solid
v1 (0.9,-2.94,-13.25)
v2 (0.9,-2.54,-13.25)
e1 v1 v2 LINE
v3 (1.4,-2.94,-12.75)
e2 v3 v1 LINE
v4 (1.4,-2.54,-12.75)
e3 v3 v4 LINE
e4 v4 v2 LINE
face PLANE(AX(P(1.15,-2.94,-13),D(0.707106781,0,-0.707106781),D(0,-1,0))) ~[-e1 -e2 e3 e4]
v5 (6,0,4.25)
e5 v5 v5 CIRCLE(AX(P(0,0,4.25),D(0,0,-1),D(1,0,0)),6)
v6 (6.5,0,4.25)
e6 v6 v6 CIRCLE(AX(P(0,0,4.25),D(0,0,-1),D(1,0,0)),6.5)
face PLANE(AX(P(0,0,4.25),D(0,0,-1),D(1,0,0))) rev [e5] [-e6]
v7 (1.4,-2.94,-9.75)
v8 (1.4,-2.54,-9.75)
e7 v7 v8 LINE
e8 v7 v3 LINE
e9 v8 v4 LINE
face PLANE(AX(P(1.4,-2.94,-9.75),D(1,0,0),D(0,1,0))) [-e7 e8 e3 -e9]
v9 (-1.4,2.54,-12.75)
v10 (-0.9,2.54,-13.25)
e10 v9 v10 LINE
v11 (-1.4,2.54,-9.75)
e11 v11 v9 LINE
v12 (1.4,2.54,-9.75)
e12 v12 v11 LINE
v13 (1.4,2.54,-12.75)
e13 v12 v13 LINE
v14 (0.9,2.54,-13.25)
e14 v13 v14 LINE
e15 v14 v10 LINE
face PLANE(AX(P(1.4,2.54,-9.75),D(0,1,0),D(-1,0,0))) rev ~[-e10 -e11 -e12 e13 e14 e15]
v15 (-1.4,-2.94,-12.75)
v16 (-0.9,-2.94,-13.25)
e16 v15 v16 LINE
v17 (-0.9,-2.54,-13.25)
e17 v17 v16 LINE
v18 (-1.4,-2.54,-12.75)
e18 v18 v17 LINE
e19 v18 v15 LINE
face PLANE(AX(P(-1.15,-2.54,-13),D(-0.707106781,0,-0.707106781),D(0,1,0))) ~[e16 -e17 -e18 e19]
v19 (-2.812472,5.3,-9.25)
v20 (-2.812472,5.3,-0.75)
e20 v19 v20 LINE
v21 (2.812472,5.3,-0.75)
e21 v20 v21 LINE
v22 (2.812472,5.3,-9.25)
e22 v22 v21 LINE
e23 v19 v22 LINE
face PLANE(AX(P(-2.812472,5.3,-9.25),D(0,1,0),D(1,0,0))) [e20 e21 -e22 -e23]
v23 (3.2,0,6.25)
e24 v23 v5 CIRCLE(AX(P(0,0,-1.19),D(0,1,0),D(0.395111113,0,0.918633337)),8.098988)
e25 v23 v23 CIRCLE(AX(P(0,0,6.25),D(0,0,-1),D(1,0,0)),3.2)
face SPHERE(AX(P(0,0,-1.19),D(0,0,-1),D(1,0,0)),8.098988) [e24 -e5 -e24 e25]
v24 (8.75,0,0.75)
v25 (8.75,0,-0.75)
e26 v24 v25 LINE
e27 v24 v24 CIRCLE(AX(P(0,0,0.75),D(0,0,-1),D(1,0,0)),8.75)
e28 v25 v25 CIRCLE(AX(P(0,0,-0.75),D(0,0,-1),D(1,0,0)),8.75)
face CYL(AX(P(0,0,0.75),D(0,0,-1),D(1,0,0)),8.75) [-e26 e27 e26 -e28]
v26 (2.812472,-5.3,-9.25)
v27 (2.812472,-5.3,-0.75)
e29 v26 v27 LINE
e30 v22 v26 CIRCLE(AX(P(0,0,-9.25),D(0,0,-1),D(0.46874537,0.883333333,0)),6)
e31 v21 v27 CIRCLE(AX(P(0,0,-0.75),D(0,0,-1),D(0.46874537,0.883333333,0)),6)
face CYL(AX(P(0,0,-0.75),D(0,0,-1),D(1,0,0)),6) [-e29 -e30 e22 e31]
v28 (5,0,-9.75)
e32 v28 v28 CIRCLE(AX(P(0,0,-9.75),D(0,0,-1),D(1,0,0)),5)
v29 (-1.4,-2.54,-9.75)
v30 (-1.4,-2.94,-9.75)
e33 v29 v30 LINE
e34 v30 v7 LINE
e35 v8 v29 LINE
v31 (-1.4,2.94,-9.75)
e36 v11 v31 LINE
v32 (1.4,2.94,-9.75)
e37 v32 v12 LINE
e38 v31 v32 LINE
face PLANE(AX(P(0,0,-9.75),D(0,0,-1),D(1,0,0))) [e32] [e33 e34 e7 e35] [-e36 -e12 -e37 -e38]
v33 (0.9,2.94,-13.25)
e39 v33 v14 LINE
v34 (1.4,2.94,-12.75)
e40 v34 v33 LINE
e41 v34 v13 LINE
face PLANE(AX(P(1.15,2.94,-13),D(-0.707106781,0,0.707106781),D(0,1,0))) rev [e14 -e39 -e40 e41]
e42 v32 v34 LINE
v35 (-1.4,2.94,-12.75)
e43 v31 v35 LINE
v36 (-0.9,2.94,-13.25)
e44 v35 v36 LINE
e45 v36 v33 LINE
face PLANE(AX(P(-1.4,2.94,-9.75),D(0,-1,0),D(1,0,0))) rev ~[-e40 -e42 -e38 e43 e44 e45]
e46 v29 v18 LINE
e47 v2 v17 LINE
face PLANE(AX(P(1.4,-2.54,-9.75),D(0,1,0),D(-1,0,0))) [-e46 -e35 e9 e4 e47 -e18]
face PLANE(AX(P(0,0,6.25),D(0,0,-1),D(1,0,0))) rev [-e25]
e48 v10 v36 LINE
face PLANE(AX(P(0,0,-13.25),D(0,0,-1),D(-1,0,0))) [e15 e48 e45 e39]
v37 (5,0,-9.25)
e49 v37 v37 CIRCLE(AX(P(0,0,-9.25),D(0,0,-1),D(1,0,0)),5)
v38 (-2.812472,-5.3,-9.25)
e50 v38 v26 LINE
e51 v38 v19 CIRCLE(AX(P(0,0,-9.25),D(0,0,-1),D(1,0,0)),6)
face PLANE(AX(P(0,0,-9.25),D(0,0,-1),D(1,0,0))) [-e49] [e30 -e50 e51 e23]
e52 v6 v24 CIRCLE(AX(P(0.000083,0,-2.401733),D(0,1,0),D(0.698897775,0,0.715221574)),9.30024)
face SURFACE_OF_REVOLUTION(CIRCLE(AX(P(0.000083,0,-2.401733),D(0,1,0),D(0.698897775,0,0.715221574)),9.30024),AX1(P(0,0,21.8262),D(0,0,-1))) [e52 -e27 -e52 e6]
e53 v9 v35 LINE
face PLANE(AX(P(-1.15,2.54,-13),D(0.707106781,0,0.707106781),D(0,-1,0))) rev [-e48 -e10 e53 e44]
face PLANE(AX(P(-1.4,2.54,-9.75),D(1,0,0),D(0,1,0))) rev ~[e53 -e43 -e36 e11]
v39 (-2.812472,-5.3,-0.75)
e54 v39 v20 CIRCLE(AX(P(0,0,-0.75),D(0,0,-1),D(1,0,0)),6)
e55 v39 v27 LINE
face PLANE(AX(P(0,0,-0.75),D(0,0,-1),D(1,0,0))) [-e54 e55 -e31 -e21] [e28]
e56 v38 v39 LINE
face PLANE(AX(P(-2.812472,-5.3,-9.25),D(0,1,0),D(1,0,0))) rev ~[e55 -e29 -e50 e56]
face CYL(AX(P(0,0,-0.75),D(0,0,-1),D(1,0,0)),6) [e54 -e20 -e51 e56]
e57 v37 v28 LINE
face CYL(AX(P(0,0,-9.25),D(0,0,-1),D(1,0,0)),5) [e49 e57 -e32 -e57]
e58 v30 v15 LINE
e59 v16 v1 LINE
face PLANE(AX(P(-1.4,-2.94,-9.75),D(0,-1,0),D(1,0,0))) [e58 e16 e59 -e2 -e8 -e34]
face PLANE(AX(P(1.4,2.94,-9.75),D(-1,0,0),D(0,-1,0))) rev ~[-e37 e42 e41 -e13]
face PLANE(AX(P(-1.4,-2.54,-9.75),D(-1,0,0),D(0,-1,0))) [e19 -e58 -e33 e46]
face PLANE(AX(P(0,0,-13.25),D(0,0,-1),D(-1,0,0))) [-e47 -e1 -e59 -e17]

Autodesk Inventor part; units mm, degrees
ref_plane "YZ Plane" through (0, 0, 0) normal (1, 0, 0) x (0, 1, 0)
ref_plane "XZ Plane" through (0, 0, 0) normal (0, 1, 0) x (-1, 0, 0)
ref_plane "XY Plane" through (0, 0, 0) normal (0, 0, 1) x (1, 0, 0)
sketch "Sketch1" plane through (0, 0, 0) normal (0, 1, 0) x (-1, 0, 0)
  line L0 (-8.75, -0.75) -> (8.75, -0.75)
  line L1 (8.75, -0.75) -> (8.75, 0.75)
  line L2 (8.75, 0.75) -> (-8.75, 0.75)
  line L3 (-8.75, 0.75) -> (-8.75, -0.75)
  line L4 (-8.75, -0.75) -> (8.75, 0.75) construction
  line L5 (8.75, -0.75) -> (-8.75, 0.75) construction
  line L6 (6.5, 4.25) -> (-6.5, 4.25)
  line L7 (0, 21.8262) -> (0, -10.0956)
  arc A0 (-6.5, 4.25) -> (-8.75, 0.75) centre (0, -2.4018) ccw
  arc A1 (8.75, 0.75) -> (6.5, 4.25) centre (0, -2.4018) ccw
  line L8 (3.2, 6.25) -> (-3.2, 6.25)
  line L9 (6, 4.25) -> (-6, 4.25)
  arc A2 (6, 4.25) -> (3.2, 6.25) centre (0, -1.19) ccw
  arc A3 (7.8812, 0.6755) -> (7.8632, 0.75) centre (0, -1.19) ccw
  arc A4 (8.087, -0.75) -> (8.0837, -0.6929) centre (0, -1.19) ccw
  arc A5 (-8.0837, -0.6929) -> (-8.087, -0.75) centre (0, -1.19) ccw
  arc A6 (-3.2, 6.25) -> (-6, 4.25) centre (0, -1.19) ccw
  arc A7 (-7.8632, 0.75) -> (-7.8812, 0.6755) centre (0, -1.19) ccw
  line L10 (-6, -9.25) -> (6, -9.25)
  line L11 (6, -9.25) -> (6, -0.75)
  line L12 (6, -0.75) -> (-6, -0.75)
  line L13 (-6, -0.75) -> (-6, -9.25)
  line L14 (-6, -9.25) -> (6, -0.75) construction
  line L15 (6, -9.25) -> (-6, -0.75) construction
  line L16 (-5, -9.75) -> (5, -9.75)
  line L17 (5, -9.75) -> (5, -9.25)
  line L18 (5, -9.25) -> (-5, -9.25)
  line L19 (-5, -9.25) -> (-5, -9.75)
  line L20 (-5, -9.75) -> (5, -9.25) construction
  line L21 (5, -9.75) -> (-5, -9.25) construction
  point P0 (0, 0)
  point P1 (0, 4.25)
  point P2 (0, 0)
  point P3 (0, 6.25)
  point P4 (0, 4.25)
  point P5 (0, -5)
  point P6 (0, -9.5)
  point P7 (0, -9.75)
  dimension "d0" = 17.5
  dimension "d1" = 1.5
  dimension "d2" = 13
  dimension "d3" = 5
  dimension "d4" = 2
  dimension "d5" = 6.4
  dimension "d6" = 12
  dimension "d7" = 12
  dimension "d8" = 8.5
  dimension "d9" = 10
  dimension "d10" = 0.5
revolve "Revolution1" add sketch "Sketch1" angle 360 about axis through (0, 0, 21.8262) along (0, 0, -1) contours L3 L2 L7 L0 | A0 L6 L7 L2 | L0 L7 L10 L13 | A6 L8 L7 L6 | L7 L16 L19 L10
sketch "Sketch2" plane through (0, 0, -9.75) normal (0, 0, -1) x (-1, 0, 0)
  line L0 (0, -14.0708) -> (0, 14.0708) construction
  line L1 (1.4, -2.94) -> (-1.4, -2.94)
  line L2 (-1.4, -2.94) -> (-1.4, -2.54)
  line L3 (-1.4, -2.54) -> (1.4, -2.54)
  line L4 (1.4, -2.54) -> (1.4, -2.94)
  line L5 (1.4, -2.94) -> (-1.4, -2.54) construction
  line L6 (-1.4, -2.94) -> (1.4, -2.54) construction
  line L7 (1.4, 2.94) -> (-1.4, 2.94)
  line L8 (-1.4, 2.94) -> (-1.4, 2.54)
  line L9 (-1.4, 2.54) -> (1.4, 2.54)
  line L10 (1.4, 2.54) -> (1.4, 2.94)
  line L11 (1.4, 2.94) -> (-1.4, 2.54) construction
  line L12 (-1.4, 2.94) -> (1.4, 2.54) construction
  point P0 (0, 0)
  point P1 (0, 0)
  point P2 (0, -2.74)
  point P3 (0, 2.74)
  dimension "d12" = 2.8
  dimension "d13" = 0.4
  dimension "d14" = 2.8
  dimension "d15" = 0.4
  dimension "d16" = 5.08
  dimension "d17" = 2.54
extrude "Extrusion1" add sketch "Sketch2" along normal blind 3.5
chamfer "Chamfer1" distance 0.5 angle 45 4 edges at (1.4, -2.74, -13.25) (-1.4, -2.74, -13.25) (1.4, 2.74, -13.25) (-1.4, 2.74, -13.25)
thread "Thread1" size "M12x0.75" class "6g" standard "ANSI Metric M Profile" length 12.5
sketch "Sketch3" plane through (0, 0, -9.25) normal (0, 0, -1) x (-1, 0, 0)
  line L0 (12.7626, -5.3) -> (-12.9759, -5.3)
  line L1 (12.7626, 5.3) -> (-13.4328, 5.3)
  line L2 (14.0115, 0) -> (-13.4328, 0) construction
  circle A0 centre (0, 0) radius 6 construction
  circle A1 centre (0, 0) radius 6
  point P0 (0, 0)
  point P1 (-2.8125, 5.3)
  point P2 (2.8125, 5.3)
  point P3 (-2.8125, -5.3)
  point P4 (2.8125, -5.3)
  dimension "d25" = 10.6
extrude "Extrusion2" cut sketch "Sketch3" against normal up to surface (8.5 mm away) contours A1 L0 | A1 L1
properties part number "Sprung Button DigiKey EG9580-ND"
